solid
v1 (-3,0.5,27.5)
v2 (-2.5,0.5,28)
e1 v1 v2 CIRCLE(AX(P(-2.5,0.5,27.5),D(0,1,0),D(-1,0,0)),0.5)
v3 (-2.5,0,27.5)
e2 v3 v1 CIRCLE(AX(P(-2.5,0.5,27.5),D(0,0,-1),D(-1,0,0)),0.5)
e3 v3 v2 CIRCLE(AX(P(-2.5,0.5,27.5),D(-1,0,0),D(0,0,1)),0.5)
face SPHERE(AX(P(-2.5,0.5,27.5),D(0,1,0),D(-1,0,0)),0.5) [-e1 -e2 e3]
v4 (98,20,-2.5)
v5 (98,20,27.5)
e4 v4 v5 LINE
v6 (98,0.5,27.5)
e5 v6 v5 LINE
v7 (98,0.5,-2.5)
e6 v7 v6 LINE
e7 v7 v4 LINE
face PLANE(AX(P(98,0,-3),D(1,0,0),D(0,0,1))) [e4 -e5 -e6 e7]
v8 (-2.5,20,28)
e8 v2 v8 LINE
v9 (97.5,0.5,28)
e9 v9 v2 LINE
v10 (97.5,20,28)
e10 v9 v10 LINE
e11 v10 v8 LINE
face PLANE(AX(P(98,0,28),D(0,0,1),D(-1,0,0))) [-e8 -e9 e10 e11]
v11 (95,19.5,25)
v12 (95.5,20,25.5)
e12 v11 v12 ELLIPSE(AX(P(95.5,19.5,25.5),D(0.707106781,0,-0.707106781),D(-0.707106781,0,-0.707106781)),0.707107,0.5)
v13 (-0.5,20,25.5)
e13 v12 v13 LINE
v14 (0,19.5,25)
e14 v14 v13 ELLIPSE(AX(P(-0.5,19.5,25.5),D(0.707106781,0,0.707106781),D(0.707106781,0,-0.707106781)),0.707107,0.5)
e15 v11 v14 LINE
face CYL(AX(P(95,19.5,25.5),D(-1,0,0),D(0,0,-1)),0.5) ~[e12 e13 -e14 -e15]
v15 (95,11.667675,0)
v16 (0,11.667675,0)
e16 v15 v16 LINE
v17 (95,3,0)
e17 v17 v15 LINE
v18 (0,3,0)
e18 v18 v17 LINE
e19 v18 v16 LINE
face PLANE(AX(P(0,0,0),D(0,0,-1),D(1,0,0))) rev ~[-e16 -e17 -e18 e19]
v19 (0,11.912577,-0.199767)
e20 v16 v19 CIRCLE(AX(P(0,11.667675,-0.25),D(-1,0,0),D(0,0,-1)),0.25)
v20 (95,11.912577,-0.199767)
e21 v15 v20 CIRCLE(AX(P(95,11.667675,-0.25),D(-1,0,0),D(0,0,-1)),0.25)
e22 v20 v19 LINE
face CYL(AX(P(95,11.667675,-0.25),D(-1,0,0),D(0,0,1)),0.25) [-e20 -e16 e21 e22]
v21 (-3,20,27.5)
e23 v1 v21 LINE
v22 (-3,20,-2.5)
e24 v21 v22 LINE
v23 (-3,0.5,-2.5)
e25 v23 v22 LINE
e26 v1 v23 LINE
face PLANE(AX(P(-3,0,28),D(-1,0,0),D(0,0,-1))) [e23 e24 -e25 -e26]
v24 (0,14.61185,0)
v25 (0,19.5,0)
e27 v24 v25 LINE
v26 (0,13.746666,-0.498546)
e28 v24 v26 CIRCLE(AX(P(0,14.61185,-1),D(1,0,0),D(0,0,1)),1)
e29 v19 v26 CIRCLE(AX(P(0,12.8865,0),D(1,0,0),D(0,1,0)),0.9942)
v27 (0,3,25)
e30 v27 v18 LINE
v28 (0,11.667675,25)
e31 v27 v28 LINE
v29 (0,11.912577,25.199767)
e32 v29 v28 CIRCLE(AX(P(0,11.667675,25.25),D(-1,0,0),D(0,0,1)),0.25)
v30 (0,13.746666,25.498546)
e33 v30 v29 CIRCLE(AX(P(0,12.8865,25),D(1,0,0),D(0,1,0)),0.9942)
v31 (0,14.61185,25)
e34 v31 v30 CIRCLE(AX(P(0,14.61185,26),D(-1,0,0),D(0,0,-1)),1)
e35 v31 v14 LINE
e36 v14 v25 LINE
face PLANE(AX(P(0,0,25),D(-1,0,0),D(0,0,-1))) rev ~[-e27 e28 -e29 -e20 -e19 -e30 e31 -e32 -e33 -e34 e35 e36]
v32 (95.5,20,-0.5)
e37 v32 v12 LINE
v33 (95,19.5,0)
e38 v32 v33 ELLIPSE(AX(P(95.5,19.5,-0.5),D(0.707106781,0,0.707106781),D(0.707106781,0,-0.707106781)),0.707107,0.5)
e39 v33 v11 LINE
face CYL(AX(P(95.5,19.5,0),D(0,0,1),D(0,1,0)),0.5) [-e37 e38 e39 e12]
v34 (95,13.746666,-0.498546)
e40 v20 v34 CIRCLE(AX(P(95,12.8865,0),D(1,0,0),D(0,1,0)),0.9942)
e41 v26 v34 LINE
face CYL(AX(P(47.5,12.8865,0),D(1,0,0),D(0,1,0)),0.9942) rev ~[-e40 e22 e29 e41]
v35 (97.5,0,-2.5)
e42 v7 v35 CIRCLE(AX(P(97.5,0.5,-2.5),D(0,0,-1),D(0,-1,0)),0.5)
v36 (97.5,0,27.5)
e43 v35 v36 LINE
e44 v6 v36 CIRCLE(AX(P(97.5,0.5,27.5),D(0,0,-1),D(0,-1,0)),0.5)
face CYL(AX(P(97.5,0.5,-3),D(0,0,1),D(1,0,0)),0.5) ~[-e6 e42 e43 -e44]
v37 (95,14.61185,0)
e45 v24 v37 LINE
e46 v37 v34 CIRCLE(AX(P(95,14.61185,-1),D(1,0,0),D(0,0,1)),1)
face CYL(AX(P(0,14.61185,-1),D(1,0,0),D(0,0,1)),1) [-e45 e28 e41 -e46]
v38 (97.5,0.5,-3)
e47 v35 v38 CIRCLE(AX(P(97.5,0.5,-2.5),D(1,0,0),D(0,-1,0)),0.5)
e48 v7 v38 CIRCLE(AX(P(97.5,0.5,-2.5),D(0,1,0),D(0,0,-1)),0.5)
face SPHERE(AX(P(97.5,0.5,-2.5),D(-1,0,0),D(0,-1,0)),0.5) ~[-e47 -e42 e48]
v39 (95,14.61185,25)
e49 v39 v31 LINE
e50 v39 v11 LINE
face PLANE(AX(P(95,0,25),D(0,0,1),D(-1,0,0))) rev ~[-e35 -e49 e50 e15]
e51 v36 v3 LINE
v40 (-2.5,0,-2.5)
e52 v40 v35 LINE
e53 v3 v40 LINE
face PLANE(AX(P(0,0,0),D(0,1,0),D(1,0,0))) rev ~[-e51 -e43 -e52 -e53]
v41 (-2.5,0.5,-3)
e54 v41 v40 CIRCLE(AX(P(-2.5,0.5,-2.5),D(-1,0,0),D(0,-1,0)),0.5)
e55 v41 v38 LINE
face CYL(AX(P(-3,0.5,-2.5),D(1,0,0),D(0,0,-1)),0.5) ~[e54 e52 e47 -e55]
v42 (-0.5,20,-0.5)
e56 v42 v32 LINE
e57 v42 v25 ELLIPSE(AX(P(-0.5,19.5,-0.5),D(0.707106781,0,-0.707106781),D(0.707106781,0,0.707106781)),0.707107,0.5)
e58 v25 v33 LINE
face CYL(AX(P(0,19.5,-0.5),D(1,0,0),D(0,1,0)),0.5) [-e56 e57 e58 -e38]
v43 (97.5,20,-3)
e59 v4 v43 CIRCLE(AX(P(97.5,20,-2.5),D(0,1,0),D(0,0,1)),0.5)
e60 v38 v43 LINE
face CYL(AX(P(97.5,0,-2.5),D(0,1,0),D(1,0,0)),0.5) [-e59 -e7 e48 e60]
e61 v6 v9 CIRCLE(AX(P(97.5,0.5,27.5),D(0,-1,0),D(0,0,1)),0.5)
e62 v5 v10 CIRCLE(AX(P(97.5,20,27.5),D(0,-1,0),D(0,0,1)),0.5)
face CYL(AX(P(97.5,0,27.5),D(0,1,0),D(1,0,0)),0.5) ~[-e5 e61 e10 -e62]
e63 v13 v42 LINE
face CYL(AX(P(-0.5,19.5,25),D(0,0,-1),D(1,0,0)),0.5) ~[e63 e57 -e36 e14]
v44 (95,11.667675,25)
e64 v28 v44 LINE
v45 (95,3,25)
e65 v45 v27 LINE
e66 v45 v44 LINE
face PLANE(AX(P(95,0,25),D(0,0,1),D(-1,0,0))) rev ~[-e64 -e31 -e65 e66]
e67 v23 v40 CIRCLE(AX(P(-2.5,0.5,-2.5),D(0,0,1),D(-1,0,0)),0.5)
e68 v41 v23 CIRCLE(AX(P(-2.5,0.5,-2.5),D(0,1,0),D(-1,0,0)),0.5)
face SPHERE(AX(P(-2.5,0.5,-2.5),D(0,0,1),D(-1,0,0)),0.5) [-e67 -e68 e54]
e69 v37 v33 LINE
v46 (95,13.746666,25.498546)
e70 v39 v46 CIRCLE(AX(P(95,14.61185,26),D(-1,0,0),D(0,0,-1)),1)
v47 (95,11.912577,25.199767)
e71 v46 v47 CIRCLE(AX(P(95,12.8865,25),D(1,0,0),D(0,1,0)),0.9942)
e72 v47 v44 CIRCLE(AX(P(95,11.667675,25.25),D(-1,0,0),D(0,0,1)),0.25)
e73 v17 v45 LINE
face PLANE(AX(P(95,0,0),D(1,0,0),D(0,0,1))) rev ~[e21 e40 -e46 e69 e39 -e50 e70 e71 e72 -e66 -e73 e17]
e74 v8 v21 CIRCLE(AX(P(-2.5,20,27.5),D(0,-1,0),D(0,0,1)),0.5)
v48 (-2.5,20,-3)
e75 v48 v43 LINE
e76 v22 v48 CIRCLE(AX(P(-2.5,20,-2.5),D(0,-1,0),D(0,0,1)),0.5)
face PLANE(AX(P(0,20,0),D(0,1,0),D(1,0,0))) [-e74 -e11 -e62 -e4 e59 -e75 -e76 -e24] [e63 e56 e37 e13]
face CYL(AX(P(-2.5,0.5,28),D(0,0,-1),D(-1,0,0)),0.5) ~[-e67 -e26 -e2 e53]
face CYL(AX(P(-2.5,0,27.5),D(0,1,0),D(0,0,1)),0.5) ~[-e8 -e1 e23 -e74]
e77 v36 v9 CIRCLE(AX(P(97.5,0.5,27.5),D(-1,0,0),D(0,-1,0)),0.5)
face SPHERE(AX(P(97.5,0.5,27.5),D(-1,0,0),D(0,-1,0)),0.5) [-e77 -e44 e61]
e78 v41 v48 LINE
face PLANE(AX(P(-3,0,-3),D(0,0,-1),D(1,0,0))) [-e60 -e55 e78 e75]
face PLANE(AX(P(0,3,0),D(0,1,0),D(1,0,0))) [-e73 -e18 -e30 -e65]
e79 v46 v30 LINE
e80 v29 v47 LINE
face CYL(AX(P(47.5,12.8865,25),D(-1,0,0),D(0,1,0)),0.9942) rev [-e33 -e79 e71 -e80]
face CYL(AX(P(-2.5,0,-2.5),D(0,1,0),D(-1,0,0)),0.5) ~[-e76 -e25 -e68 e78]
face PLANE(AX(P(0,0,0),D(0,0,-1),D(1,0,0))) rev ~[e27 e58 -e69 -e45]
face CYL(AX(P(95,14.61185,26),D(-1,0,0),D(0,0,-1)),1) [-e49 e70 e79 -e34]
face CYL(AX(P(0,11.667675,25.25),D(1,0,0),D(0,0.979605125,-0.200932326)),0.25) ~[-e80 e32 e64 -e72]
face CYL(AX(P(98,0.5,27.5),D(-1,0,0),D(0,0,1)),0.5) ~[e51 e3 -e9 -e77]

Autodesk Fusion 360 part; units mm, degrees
sketch "Sketch1" plane through (0, 0, 0) normal (0, 1, 0) x (1, 0, 0)
  line L0 (0, 0) -> (95, 0)
  line L1 (95, 0) -> (95, -25)
  line L2 (95, -25) -> (0, -25)
  line L3 (0, -25) -> (0, 0)
  line L4 (98, 3) -> (98, -28)
  line L5 (98, -28) -> (-3, -28)
  line L6 (-3, -28) -> (-3, 3)
  line L7 (-3, 3) -> (98, 3)
  dimension "d1" = 95
  dimension "d2" = 25
  dimension "d3" = -3
extrude "Extrude1" add sketch "Sketch1" along normal blind 20 makes body 1
extrude "Extrude2" add sketch "Sketch1" along normal blind 3 contours L0 L1 L2 L3 bodies 1
ref_plane "WorkPlane1" through (47.5, 10, 12.5) normal (0, 0, 1) x (1, 0, 0)
ref_plane "WorkPlane2" through (47.5, 10, 12.5) normal (1, 0, 0) x (0, 0, -1)
sketch "Sketch3" plane through (47.5, 0, 0) normal (1, 0, 0) x (0, 1, 0)
  line L0 (20, 28) -> (0, 28)
  line L1 (0, 28) -> (0, -3)
  line L2 (0, -3) -> (20, -3)
  line L3 (20, -3) -> (20, 0)
  line L4 (20, 0) -> (3, 0)
  line L5 (3, 0) -> (3, 25)
  line L6 (3, 25) -> (20, 25)
  line L7 (20, 25) -> (20, 28)
  circle A0 centre (12.8865, 25) radius 0.75
  circle A1 centre (12.8865, 25) radius 0.9942
  arc A2 (12.1481, 24.8686) -> (20, 21.2966) centre (16.9616, 25.0336) ccw
  arc A3 (13.6365, 25) -> (20, 25) centre (16.8183, 27.2777) ccw
  line L8 (23.2, 12.5) -> (-3.2, 12.5)
  line L9 (20, 28) -> (20, -3)
  line L10 (20, 28) -> (16, 28)
  line L11 (16, 28) -> (16, -3)
  line L12 (20, -3) -> (16, -3)
  arc A4 (20, 0) -> (13.6365, 0) centre (16.8183, -2.2777) ccw
  arc A5 (20, 3.7034) -> (12.1481, 0.1314) centre (16.9616, -0.0336) ccw
  circle A6 centre (12.8865, 0) radius 0.75
  circle A7 centre (12.8865, 0) radius 0.9942
  dimension "d8" = 1.5
extrude "Extrude9" cut sketch "Sketch3" along normal mid plane 95 contours L6 A1 A3 | L6 A0 A1 | A0 A1 A2 A3 | L6 A0 | L6 A0 | L6 A0 A1 A2 | L4 A5 A6 A7 | L4 A6 A7 | A4 A5 A6 A7 | L4 A4 A7 | L4 A6 | L4 A6 bodies 1
extrude "Extrude10" add sketch "Sketch3" along normal blind 4 from surface at 20 separate body contours A2 A3 L9 L11 | A1 A2 A3 L11 | A0 A1 A2 A3 | L6 A0 | L6 A0 | L9 L11 A4 A5 | L11 A4 A5 A7 | A4 A5 A6 A7 | L4 A6 | L4 A6 makes body 2 at (70.1667, 12.334, 23.6987) makes body 3 at (70.1667, 18.5562, 4.5111)
extrude "Extrude11" add sketch "Sketch3" along normal blind 4 from surface at -20 separate body contours A2 A3 L9 L11 | A1 A2 A3 L11 | A0 A1 A2 A3 | L6 A0 | L6 A0 | L9 L11 A4 A5 | L11 A4 A5 A7 | A4 A5 A6 A7 | L4 A6 | L4 A6 makes body 4 at (30.1667, 18.5562, 4.5111) makes body 5 at (30.1667, 12.334, 23.6987)
extrude "Extrude12" add sketch "Sketch3" along normal mid plane 101 separate body contours L0 L6 L7 L9 L10 L11 | L6 A3 L11 | A2 A3 L9 L11 | A2 L8 L9 L11 | L8 L9 L11 A5 | L9 L11 A4 A5 | L2 L3 L4 L9 L11 L12 | L4 L11 A4 makes body 6
sketch "Sketch8" plane through (0, 16, 0) normal (0, -1, 0) x (1, 0, 0)
  line L0 (-3, -3) -> (98, -3)
  line L1 (98, -3) -> (98, 28)
  line L2 (98, 28) -> (-3, 28)
  line L3 (-3, 28) -> (-3, -3)
  line L4 (0, 10) -> (2.4867, 10)
  line L5 (2.4867, 10) -> (2.4867, 15)
  line L6 (2.4867, 15) -> (0, 15)
  line L7 (0, 15) -> (0, 10)
  line L8 (95, 10) -> (93, 10)
  line L9 (93, 10) -> (93, 15)
  line L10 (93, 15) -> (95, 15)
  line L11 (95, 10) -> (95, 15)
extrude "Extrude13" add sketch "Sketch8" along normal blind 2 contours L4 L5 L6 L7 | L8 L9 L10 L11 bodies 6
fillet "Fillet5" radius 0.5 4 edges at (47.5, 20, 28) (98, 20, 12.5) (47.5, 20, -3) (-3, 20, 12.5) on bodies 6
fillet "Fillet6" radius 1 2 edges at (47.5, 13.8807, 25) (47.5, 13.8807, 0) on bodies 1
fillet "Fillet7" radius 0.5 8 edges at (-3, 10, 28) (-3, 0, 12.5) (-3, 10, -3) (47.5, 0, -3) (47.5, 0, 28) (98, 0, 12.5) (98, 10, -3) (98, 10, 28) on bodies 1
fillet "Fillet8" radius 0.25 2 edges at (47.5, 11.8923, 0) (47.5, 11.8923, 25) on bodies 1
fillet "Fillet9" radius 0.5 4 edges at (47.5, 20, 0) (0, 20, 12.5) (47.5, 20, 25) (95, 20, 12.5) on bodies 1
hidden bodies 2 3 5 4 6
